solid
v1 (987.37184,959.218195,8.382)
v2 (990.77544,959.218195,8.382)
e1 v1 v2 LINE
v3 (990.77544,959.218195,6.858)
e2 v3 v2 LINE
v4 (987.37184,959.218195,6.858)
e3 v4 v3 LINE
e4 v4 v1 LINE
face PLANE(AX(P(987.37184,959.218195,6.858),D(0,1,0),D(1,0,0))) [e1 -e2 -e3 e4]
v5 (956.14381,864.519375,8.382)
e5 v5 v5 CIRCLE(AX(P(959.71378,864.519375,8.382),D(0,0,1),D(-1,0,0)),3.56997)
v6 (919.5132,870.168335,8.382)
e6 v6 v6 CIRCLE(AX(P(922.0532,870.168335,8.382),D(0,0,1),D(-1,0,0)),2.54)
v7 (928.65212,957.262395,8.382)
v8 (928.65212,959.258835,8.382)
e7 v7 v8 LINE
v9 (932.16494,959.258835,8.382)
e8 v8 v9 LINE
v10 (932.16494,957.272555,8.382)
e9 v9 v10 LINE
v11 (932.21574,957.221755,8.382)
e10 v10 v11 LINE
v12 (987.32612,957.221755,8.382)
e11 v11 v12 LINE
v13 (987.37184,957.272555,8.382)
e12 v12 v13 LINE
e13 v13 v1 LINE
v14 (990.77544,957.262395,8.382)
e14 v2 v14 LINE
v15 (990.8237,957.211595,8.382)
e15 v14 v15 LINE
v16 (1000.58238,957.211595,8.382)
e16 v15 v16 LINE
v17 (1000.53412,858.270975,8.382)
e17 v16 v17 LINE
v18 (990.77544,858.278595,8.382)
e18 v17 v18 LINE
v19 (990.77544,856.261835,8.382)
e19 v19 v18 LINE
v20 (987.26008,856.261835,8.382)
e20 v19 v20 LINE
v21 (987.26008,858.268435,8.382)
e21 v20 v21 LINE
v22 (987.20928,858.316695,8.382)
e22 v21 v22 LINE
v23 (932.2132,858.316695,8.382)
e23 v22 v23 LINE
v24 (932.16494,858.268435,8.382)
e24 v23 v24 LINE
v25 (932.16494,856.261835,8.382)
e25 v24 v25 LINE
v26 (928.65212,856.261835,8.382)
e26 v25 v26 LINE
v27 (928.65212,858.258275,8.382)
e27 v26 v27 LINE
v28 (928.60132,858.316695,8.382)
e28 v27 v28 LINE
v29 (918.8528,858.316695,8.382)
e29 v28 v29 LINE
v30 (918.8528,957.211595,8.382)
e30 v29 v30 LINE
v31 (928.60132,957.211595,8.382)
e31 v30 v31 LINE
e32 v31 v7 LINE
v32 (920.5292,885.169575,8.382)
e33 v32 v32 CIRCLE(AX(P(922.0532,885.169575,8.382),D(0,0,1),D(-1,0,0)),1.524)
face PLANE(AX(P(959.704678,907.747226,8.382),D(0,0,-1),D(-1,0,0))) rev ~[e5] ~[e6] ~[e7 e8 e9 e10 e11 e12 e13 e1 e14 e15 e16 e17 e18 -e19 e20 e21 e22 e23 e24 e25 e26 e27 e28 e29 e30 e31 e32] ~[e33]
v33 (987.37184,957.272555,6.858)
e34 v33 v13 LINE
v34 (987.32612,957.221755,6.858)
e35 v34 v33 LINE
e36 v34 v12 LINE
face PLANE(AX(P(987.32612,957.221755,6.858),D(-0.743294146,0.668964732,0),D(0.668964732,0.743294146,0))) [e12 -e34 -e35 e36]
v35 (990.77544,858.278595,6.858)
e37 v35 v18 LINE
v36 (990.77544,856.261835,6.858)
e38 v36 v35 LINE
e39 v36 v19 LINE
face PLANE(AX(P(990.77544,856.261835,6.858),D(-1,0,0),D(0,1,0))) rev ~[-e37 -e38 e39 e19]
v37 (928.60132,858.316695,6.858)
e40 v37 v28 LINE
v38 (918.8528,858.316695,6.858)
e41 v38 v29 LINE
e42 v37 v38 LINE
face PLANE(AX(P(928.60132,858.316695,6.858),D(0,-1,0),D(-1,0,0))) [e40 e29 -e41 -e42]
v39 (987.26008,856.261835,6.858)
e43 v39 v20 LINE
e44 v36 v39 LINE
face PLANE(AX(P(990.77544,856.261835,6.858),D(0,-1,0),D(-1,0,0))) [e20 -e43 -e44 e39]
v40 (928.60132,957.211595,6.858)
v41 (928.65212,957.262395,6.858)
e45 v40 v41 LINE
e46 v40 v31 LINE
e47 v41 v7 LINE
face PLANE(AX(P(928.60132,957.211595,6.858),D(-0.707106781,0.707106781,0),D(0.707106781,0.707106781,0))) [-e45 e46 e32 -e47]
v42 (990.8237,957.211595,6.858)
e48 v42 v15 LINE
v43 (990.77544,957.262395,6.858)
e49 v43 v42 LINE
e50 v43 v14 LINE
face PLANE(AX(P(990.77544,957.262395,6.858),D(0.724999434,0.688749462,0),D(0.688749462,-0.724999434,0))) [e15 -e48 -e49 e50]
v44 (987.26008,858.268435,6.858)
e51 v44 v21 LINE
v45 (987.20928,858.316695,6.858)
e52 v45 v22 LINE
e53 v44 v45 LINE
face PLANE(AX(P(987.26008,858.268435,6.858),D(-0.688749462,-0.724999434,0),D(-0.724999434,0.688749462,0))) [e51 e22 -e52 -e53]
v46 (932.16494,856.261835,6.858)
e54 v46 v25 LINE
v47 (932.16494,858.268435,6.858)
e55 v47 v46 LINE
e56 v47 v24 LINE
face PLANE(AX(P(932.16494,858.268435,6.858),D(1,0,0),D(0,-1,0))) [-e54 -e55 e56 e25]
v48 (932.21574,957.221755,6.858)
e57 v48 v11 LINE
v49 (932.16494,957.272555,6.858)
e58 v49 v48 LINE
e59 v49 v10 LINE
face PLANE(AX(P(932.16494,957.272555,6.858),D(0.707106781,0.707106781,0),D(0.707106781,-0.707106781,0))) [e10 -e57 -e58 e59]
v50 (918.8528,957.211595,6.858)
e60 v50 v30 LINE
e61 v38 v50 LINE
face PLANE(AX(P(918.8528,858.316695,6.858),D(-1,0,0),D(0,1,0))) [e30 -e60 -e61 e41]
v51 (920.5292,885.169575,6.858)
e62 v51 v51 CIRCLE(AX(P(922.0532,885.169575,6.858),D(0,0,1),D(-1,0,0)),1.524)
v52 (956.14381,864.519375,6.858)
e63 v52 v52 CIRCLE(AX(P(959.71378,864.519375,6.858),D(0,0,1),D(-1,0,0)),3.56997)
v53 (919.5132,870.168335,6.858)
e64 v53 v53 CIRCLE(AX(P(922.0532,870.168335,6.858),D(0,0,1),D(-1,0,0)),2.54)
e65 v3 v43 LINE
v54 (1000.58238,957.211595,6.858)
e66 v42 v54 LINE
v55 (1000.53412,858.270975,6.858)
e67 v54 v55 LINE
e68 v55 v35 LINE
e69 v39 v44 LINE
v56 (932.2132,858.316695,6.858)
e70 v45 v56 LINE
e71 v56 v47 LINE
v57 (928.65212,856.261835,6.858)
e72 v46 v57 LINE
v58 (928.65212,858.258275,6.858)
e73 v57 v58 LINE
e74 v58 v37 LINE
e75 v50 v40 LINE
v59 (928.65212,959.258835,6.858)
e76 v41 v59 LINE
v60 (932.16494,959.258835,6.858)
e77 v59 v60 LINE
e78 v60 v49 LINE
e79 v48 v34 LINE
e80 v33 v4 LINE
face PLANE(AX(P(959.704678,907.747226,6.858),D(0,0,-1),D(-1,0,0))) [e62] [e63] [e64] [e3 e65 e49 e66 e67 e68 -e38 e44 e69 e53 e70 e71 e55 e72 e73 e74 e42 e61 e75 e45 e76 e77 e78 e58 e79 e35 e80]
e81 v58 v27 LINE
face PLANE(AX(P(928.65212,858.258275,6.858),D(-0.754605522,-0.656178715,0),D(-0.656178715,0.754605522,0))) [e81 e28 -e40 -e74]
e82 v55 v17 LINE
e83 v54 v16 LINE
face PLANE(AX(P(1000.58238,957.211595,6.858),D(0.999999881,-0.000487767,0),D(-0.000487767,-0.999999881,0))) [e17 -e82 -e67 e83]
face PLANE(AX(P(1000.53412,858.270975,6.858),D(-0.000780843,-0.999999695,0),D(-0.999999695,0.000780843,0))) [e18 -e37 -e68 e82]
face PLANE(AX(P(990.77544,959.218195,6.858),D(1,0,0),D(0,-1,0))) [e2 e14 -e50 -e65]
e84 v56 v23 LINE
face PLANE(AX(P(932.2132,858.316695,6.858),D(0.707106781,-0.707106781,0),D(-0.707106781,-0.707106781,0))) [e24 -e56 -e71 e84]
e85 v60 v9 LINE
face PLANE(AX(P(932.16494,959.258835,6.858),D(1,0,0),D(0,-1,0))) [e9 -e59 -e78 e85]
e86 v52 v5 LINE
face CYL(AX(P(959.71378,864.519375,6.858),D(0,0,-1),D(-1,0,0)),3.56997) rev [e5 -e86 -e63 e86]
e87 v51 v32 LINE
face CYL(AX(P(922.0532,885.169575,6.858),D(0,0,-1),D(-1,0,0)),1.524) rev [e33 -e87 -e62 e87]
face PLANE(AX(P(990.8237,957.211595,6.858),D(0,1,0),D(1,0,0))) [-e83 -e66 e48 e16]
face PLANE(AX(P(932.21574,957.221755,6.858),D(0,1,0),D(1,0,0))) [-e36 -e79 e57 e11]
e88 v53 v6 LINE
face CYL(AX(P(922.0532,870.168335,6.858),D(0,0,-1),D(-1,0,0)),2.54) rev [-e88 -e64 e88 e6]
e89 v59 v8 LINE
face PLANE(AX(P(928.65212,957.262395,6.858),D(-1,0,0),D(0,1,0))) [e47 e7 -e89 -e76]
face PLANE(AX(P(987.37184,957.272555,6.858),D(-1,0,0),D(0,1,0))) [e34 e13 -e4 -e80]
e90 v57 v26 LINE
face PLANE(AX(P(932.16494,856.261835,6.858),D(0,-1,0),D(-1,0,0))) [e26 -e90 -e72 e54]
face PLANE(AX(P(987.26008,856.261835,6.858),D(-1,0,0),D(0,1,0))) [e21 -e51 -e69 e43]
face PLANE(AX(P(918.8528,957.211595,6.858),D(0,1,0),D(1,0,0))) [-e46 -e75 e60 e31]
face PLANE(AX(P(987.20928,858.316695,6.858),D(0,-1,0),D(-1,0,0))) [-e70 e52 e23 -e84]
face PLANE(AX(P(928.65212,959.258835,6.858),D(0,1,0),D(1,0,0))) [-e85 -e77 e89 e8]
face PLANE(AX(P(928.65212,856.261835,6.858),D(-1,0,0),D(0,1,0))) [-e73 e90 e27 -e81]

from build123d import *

# Parameters (mm, degrees)
MODEL_R             = 35.6997
MODEL_R_2           = 25.4
MODEL_R_3           = 15.24
BOSS_EXTRUDE2_DEPTH = 15.24
SCALE1_SCALE        = 0.1


with BuildPart() as part:
    # Model → Boss-Extrude2 (new body)
    with BuildSketch(Plane.XY):
        Polygon((683.6156, 410.2862), (683.133, 409.8036), (683.133, 389.7376), (648.0048, 389.7376), (648.0048, 409.702), (647.4968, 410.2862), (550.0116, 410.2862), (550.0116, 1399.2352), (647.4968, 1399.2352), (648.0048, 1399.7432), (648.0048, 1419.7076), (683.133, 1419.7076), (683.133, 1399.8448), (683.641, 1399.3368), (1234.7448, 1399.3368), (1235.202, 1399.8448), (1235.202, 1419.3012), (1269.238, 1419.3012), (1269.238, 1399.7432), (1269.7206, 1399.2352), (1367.3074, 1399.2352), (1366.8248, 409.829), (1269.238, 409.9052), (1269.238, 409.8036), (1269.238, 389.7376), (1234.0844, 389.7376), (1234.0844, 409.8036), (1233.5764, 410.2862), align=None)
        with Locations(Location((958.6214, 472.313, 0), (0, 0, 180))):
            Circle(MODEL_R, mode=Mode.SUBTRACT)
        with Locations(Location((582.0156, 528.8026, 0), (0, 0, 180))):
            Circle(MODEL_R_2, mode=Mode.SUBTRACT)
        with Locations(Location((582.0156, 678.815, 0), (0, 0, 180))):
            Circle(MODEL_R_3, mode=Mode.SUBTRACT)
    extrude(amount=BOSS_EXTRUDE2_DEPTH)


with BuildPart() as part_1:
    # Scale1: scaled about (959.835155039, 908.097861416, 7.62)
    add(part.part.scale(SCALE1_SCALE).moved(Location((863.851639535, 817.288075274, 6.858))))


solid = part_1.part
